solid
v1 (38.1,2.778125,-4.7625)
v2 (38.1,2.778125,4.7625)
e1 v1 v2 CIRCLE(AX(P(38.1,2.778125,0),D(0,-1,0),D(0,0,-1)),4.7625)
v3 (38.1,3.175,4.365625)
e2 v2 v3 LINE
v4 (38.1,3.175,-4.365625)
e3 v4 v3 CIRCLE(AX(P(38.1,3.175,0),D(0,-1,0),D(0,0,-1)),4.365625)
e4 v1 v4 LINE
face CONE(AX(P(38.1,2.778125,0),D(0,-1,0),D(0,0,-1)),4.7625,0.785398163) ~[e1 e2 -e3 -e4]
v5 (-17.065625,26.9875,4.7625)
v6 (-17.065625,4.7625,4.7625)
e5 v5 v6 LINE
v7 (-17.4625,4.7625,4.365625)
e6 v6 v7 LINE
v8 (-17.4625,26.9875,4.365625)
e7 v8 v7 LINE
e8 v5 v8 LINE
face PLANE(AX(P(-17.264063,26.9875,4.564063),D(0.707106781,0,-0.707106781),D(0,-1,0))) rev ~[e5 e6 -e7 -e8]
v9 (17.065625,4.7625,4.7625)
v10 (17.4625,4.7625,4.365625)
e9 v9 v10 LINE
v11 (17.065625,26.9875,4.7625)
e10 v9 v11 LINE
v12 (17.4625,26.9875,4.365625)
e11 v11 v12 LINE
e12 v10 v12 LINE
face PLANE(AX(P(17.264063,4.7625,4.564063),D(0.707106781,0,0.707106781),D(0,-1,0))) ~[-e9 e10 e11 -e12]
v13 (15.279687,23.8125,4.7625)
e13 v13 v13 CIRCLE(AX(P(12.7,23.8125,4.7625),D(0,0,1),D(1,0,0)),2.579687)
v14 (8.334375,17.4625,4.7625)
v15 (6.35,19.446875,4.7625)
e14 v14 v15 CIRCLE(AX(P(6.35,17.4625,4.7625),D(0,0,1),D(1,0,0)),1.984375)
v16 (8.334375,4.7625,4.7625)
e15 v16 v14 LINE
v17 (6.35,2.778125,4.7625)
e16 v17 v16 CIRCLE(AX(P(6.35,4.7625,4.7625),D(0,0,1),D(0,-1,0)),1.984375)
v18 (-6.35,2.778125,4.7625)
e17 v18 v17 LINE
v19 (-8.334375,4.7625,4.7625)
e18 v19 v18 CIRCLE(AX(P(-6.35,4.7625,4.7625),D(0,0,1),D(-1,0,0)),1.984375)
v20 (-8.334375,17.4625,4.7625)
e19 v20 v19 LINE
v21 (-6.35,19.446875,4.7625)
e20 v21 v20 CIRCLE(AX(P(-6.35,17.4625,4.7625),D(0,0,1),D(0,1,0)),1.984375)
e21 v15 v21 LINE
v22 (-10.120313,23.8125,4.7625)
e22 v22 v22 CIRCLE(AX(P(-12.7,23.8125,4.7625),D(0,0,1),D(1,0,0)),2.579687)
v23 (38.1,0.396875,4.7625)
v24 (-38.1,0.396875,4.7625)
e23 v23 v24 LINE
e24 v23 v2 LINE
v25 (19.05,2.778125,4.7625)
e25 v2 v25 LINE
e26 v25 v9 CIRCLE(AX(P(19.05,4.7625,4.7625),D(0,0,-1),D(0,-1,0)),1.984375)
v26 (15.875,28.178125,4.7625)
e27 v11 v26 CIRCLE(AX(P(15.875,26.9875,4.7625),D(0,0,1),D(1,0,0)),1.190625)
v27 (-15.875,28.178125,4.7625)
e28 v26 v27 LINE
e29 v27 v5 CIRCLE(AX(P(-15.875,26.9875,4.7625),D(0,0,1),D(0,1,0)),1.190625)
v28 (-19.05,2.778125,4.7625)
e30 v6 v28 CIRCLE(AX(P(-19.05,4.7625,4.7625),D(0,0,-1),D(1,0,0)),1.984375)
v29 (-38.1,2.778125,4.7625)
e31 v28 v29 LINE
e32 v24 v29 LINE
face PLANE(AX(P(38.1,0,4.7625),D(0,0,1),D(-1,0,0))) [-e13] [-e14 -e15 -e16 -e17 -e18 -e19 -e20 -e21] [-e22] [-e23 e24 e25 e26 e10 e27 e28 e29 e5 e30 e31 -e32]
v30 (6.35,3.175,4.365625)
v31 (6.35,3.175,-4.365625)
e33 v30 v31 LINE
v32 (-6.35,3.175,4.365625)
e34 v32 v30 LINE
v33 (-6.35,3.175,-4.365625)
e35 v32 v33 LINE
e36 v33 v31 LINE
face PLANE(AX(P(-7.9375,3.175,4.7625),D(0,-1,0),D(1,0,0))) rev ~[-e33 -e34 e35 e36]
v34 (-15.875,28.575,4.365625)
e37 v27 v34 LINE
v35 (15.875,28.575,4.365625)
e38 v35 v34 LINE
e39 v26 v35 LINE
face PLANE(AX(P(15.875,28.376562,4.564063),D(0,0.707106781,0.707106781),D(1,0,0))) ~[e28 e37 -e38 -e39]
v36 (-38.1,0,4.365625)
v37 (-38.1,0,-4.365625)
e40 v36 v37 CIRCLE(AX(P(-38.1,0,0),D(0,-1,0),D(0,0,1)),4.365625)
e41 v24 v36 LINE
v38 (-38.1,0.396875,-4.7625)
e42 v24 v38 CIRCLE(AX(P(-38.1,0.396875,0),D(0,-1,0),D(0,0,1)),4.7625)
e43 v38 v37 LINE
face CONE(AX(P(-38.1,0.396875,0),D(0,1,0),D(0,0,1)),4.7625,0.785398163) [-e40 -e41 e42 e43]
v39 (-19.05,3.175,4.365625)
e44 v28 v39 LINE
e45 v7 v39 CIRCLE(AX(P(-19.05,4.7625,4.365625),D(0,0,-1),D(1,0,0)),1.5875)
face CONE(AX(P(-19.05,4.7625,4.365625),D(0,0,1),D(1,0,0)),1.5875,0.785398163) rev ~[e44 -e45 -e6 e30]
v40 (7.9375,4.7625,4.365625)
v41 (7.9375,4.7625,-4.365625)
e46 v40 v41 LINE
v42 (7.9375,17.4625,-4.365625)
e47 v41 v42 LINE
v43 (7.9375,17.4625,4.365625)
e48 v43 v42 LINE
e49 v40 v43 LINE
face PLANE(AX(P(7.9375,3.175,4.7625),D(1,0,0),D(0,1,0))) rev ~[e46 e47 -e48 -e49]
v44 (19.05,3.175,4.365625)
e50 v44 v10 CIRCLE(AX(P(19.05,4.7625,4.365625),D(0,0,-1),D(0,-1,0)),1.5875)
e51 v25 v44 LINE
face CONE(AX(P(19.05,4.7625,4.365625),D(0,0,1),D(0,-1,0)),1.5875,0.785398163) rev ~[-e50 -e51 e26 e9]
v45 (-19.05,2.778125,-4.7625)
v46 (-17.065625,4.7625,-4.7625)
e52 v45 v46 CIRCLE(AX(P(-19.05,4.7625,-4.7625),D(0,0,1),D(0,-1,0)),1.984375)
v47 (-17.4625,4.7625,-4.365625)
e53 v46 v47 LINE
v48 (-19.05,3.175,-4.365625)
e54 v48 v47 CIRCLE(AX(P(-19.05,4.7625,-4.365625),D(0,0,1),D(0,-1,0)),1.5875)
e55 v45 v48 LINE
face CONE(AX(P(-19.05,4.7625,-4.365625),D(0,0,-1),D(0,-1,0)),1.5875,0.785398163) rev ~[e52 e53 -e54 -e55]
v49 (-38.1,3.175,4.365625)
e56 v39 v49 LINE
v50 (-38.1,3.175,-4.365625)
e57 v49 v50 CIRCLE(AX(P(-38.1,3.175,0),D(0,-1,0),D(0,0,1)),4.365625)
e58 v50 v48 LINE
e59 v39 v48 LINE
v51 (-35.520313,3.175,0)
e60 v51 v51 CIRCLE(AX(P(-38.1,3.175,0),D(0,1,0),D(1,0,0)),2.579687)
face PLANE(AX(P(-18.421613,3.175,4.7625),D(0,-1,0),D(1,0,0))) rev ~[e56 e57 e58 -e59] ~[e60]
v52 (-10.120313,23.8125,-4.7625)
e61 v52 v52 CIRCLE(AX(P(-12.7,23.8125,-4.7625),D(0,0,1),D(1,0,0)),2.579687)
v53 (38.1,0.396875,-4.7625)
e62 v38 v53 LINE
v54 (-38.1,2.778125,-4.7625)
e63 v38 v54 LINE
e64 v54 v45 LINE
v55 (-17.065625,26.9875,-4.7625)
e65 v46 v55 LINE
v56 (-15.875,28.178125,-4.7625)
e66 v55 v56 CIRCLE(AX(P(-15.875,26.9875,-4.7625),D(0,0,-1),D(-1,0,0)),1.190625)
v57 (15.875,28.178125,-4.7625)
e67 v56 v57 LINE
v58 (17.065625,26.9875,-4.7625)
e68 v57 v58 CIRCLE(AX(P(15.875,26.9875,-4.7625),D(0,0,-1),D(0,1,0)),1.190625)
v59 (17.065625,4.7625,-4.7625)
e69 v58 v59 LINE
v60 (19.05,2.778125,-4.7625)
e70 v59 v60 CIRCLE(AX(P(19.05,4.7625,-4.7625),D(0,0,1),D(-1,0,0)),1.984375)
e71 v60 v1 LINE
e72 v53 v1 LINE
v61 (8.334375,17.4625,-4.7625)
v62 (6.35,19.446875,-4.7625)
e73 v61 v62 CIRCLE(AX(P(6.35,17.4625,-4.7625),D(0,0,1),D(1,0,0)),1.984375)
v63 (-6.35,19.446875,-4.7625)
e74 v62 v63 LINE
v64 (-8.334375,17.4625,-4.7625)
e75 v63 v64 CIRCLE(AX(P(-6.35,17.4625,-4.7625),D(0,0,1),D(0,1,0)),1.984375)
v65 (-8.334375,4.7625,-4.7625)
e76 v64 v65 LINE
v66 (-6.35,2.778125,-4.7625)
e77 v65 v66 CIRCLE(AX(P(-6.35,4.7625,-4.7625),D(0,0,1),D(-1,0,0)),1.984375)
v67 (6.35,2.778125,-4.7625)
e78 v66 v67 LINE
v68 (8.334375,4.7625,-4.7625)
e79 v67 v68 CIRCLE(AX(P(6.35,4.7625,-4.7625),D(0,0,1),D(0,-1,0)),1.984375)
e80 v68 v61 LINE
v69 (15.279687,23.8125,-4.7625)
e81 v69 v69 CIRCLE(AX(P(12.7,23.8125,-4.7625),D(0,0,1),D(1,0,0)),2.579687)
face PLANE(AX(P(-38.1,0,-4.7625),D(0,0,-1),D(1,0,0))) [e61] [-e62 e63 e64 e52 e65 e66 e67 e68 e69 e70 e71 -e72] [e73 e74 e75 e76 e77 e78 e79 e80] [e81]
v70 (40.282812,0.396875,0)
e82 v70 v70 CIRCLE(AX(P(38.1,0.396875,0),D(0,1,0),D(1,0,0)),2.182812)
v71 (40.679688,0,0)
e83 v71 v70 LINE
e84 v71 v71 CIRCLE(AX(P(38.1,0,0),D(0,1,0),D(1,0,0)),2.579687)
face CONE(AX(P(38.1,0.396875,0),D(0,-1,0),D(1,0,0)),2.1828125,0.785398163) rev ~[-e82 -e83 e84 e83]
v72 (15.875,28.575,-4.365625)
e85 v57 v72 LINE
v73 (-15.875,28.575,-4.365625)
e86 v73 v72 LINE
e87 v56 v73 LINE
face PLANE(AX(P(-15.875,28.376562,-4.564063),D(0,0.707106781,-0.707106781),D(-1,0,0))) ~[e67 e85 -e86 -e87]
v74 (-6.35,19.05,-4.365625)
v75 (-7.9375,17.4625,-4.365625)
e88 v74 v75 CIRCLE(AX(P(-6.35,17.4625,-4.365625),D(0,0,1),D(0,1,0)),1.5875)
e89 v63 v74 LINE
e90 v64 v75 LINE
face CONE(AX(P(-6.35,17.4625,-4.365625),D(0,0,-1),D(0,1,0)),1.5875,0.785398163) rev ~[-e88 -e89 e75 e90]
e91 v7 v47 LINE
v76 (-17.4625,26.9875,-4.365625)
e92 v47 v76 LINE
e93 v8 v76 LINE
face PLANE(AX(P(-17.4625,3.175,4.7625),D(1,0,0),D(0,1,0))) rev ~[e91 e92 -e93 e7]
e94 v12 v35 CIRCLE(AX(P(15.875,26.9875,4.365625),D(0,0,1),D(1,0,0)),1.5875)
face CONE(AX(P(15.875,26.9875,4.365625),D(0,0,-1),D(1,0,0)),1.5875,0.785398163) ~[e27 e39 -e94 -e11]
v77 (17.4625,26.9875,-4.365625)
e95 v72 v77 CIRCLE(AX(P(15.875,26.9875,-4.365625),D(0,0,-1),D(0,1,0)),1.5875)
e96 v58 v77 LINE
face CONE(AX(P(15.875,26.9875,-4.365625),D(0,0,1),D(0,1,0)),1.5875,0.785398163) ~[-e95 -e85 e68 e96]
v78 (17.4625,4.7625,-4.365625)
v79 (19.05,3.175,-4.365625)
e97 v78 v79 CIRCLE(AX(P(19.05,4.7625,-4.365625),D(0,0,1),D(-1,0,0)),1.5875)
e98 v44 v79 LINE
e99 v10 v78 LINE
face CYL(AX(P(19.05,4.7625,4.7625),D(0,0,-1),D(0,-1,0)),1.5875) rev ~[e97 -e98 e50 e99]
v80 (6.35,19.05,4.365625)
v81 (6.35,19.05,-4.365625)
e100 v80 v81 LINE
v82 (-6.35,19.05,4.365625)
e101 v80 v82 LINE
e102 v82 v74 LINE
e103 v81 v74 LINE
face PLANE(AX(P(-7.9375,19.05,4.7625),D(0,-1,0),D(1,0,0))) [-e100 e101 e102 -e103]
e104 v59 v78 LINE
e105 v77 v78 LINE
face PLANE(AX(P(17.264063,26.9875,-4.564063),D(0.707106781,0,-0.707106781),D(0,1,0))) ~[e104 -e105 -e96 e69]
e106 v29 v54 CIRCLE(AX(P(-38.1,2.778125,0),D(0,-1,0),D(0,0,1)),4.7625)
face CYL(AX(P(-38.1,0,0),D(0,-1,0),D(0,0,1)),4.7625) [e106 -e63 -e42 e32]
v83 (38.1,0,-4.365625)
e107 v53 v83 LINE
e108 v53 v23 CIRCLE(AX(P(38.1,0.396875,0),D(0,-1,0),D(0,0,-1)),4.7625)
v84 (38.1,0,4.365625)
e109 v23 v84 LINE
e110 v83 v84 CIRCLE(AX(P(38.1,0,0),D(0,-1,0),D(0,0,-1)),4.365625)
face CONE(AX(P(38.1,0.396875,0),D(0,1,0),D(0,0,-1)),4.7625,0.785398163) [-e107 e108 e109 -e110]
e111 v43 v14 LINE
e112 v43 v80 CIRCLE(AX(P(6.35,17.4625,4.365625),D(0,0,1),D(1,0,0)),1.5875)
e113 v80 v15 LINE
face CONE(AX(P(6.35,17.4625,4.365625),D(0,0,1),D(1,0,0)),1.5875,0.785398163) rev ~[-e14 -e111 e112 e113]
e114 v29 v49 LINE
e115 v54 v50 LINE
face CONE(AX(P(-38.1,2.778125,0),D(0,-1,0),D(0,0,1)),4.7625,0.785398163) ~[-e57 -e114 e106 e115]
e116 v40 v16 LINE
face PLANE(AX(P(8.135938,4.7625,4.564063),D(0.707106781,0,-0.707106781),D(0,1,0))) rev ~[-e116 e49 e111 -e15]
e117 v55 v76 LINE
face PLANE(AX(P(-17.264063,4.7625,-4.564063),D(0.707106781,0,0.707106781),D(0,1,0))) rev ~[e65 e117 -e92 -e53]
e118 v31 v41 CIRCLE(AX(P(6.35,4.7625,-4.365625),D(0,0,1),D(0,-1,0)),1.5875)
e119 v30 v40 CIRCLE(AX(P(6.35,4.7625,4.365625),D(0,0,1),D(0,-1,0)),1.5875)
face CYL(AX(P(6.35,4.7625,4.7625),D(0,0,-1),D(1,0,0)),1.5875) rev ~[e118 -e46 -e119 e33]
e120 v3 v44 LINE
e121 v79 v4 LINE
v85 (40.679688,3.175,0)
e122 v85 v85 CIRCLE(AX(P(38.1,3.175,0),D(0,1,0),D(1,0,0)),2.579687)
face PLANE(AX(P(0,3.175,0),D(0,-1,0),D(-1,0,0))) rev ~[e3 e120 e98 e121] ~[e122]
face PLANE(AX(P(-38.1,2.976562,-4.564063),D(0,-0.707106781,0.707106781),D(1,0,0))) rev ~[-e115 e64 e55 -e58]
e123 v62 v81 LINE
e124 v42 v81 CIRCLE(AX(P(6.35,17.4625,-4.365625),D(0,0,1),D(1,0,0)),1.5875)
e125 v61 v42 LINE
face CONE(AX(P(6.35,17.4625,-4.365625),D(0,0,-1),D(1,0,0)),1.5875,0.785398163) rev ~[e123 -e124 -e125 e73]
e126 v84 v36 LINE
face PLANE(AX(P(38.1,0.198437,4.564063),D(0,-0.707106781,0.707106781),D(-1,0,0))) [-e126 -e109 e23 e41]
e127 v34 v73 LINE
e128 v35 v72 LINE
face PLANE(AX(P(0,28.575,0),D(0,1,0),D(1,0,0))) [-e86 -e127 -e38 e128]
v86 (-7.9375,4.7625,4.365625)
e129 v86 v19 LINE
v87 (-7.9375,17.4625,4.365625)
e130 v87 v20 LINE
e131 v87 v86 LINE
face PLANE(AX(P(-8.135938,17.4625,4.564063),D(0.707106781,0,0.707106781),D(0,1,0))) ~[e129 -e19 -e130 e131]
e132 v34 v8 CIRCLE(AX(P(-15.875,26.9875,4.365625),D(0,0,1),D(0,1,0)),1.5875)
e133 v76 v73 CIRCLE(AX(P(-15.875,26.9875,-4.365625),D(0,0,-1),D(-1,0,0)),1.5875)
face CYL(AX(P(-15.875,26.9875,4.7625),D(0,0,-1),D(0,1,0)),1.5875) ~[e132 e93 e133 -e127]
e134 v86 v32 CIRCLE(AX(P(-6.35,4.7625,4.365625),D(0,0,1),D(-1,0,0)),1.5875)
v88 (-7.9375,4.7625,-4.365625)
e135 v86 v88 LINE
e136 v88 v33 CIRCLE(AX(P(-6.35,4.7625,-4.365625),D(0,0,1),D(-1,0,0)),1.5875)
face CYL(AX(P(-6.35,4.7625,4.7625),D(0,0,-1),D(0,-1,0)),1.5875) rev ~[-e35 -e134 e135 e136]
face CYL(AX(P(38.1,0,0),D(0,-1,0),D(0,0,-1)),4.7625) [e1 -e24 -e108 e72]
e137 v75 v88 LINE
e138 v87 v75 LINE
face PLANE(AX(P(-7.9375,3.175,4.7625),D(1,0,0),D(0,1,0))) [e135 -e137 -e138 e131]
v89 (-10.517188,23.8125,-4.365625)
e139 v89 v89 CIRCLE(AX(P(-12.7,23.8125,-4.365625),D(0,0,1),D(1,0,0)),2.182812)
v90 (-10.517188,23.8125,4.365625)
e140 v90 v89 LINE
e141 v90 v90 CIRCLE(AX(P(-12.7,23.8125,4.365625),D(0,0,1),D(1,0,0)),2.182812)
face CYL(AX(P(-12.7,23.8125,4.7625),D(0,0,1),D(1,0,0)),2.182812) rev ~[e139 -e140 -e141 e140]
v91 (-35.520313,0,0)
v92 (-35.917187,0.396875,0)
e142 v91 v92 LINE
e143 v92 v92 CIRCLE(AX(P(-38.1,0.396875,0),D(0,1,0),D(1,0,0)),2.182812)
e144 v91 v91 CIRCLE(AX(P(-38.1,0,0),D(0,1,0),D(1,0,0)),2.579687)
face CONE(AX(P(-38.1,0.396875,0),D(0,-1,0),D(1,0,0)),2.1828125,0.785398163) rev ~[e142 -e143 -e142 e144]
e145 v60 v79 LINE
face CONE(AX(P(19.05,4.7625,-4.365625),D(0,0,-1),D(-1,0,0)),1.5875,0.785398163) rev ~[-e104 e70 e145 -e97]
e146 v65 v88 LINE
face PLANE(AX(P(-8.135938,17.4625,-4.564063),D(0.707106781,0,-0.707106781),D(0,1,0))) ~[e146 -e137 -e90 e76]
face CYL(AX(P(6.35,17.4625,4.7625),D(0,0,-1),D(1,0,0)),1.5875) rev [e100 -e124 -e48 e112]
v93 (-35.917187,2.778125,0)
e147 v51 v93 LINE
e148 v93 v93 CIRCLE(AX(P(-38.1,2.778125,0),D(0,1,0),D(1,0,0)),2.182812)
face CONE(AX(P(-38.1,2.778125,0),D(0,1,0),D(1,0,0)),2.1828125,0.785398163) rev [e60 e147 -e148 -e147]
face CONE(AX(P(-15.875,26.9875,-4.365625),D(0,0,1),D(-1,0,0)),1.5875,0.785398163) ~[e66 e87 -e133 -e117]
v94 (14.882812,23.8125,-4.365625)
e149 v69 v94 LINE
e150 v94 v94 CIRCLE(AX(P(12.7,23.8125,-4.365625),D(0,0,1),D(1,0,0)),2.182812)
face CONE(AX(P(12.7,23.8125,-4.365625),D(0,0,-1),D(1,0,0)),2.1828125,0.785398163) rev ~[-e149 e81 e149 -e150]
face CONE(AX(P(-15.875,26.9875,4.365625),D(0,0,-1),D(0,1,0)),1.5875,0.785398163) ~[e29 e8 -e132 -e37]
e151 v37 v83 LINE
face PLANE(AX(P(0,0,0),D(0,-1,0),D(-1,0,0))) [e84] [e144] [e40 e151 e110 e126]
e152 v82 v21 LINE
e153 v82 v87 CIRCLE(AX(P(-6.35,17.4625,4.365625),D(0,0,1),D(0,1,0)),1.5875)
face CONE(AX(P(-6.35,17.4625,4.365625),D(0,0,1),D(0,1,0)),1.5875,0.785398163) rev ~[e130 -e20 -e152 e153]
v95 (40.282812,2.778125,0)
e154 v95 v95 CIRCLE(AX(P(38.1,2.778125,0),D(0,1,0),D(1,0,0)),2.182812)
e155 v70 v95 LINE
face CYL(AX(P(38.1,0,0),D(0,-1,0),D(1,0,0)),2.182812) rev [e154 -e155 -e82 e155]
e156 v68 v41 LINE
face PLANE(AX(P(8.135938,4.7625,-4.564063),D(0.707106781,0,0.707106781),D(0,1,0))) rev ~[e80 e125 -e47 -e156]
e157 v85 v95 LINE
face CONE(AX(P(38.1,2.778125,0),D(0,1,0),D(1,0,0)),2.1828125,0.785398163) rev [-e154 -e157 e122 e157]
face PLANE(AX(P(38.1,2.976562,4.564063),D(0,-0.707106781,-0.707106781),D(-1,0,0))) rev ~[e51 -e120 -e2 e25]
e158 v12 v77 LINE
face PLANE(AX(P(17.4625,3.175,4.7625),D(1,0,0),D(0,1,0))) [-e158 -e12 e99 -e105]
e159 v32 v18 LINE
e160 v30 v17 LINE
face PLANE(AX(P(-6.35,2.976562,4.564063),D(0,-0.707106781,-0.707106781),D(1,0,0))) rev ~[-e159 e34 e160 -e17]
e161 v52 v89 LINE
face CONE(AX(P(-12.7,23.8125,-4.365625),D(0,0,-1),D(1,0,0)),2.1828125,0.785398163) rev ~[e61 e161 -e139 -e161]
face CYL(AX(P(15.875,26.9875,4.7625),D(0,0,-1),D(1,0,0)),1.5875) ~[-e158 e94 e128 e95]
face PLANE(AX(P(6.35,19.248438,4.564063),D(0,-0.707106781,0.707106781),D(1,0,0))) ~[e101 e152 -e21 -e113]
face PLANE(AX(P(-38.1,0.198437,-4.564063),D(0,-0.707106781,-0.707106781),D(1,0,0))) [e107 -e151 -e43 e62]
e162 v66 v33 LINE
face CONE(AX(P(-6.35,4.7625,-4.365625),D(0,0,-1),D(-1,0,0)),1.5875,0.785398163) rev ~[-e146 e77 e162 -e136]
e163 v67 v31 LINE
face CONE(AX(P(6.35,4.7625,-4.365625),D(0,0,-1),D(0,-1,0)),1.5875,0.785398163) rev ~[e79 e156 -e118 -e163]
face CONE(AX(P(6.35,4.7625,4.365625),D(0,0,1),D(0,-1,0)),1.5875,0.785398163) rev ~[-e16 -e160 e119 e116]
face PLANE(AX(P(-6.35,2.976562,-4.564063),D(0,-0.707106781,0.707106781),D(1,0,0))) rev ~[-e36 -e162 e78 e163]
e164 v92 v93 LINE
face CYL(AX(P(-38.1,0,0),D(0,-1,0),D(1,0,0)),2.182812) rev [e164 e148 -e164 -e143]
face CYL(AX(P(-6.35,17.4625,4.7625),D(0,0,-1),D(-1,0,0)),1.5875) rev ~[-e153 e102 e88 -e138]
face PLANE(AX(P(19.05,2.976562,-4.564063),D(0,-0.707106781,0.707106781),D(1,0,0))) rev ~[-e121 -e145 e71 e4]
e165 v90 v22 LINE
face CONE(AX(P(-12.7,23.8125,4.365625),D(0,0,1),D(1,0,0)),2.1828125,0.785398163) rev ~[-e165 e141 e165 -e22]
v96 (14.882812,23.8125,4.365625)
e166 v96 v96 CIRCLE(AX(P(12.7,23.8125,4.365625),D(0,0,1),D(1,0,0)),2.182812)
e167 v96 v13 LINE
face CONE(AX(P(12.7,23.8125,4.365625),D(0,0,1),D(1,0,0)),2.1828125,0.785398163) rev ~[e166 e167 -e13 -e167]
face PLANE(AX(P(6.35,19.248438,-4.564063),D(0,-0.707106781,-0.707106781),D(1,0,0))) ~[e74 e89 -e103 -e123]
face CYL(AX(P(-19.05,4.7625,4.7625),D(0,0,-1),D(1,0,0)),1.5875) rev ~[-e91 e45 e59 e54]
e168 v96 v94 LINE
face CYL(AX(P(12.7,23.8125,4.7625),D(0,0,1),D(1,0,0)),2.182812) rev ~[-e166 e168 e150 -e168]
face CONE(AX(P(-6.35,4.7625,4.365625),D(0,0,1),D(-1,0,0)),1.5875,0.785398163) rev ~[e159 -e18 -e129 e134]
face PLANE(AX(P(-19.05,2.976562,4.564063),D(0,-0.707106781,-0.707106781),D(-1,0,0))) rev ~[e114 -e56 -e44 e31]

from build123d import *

# Parameters (mm, degrees)
SKETCH2_R               = 2.1828125
BOSS_EXTRUDE1_DEPTH     = 3.175
SKETCH3_W               = 36.843225838
SKETCH3_H               = 9.525
BOSS_EXTRUDE2_DEPTH     = 25.4
SKETCH4_R               = 2.1828125
SKETCH4_W               = 0.959112919
SKETCH4_H               = 25.4
SKETCH4_W_2             = 15.875
SKETCH4_H_2             = 15.875
CUT_EXTRUDE1_DEPTH      = 1
CUT_EXTRUDE1_DEPTH_BACK = 10.525
FILLET1_R               = 1.5875
CHAMFER1_SIZE           = 0.396875


with BuildPart() as part:
    # Sketch2 → Boss-Extrude1 (new body)
    with BuildSketch(Plane(origin=(0, 0, 0), x_dir=(1, 0, 0), z_dir=(0, 1, 0))):
        with BuildLine():
            Line((-38.1, 4.7625), (38.1, 4.7625))
            ThreePointArc((38.1, 4.7625), (42.8625, 0), (38.1, -4.7625))
            Line((38.1, -4.7625), (-38.1, -4.7625))
            ThreePointArc((-38.1, -4.7625), (-42.8625, 0), (-38.1, 4.7625))
        make_face()
        with Locations((-38.1, 0)):
            Circle(SKETCH2_R, mode=Mode.SUBTRACT)
        with Locations((38.1, 0)):
            Circle(SKETCH2_R, mode=Mode.SUBTRACT)
    extrude(amount=BOSS_EXTRUDE1_DEPTH)

    # Sketch3 → Boss-Extrude2 (add)
    with BuildSketch(Plane(origin=(0, 3.175, 0), x_dir=(1, 0, 0), z_dir=(0, 1, 0))):
        Rectangle(SKETCH3_W, SKETCH3_H)
    extrude(amount=BOSS_EXTRUDE2_DEPTH)

    # Sketch4 → Cut-Extrude1 (cut, two sides)
    with BuildSketch(Plane.XY.offset(4.7625)) as cut_extrude1_sk:
        with Locations((-12.7, 23.8125)):
            Circle(SKETCH4_R)
        with Locations((12.7, 23.8125)):
            Circle(SKETCH4_R)
        with Locations((-17.94205646, 15.875)):
            Rectangle(SKETCH4_W, SKETCH4_H)
        with Locations((17.94205646, 15.875)):
            Rectangle(SKETCH4_W, SKETCH4_H)
        with Locations((0, 11.1125)):
            Rectangle(SKETCH4_W_2, SKETCH4_H_2)
    extrude(amount=CUT_EXTRUDE1_DEPTH, mode=Mode.SUBTRACT)
    extrude(cut_extrude1_sk.sketch, amount=-CUT_EXTRUDE1_DEPTH_BACK, mode=Mode.SUBTRACT)

    # Fillet1
    fillet1_edges = [part.edges().sort_by_distance(p)[0] for p in [
        (-17.4625, 3.175, 0),
        (-17.4625, 28.575, 0),
        (17.4625, 28.575, 0),
        (17.4625, 3.175, 0),
        (-7.9375, 3.175, 0),
        (-7.9375, 19.05, 0),
        (7.9375, 19.05, 0),
        (7.9375, 3.175, 0),
    ]]
    fillet(fillet1_edges, radius=FILLET1_R)

    # Chamfer1
    chamfer1_edges = [part.edges().sort_by_distance(p)[0] for p in [
        (0, 28.575, -4.7625),
        (0, 28.575, 4.7625),
        (0, 3.175, 4.7625),
        (-7.9375, 11.1125, 4.7625),
        (0, 19.05, 4.7625),
        (7.9375, 11.1125, 4.7625),
        (-17.4625, 15.875, 4.7625),
        (28.575, 3.175, 4.7625),
        (17.4625, 15.875, 4.7625),
        (16.997532015, 28.110032015, 4.7625),
        (-16.997532015, 28.110032015, 4.7625),
        (-17.4625, 15.875, -4.7625),
        (0, 19.05, -4.7625),
        (-7.9375, 11.1125, -4.7625),
        (0, 3.175, -4.7625),
        (7.9375, 11.1125, -4.7625),
        (-28.575, 3.175, -4.7625),
        (17.4625, 15.875, -4.7625),
        (16.997532015, 28.110032015, -4.7625),
        (-16.997532015, 28.110032015, -4.7625),
        (-40.2828125, 0, 0),
        (-17.927467985, 3.639967985, 4.7625),
        (-40.2828125, 3.175, 0),
        (-17.927467985, 3.639967985, -4.7625),
        (17.927467985, 3.639967985, 4.7625),
        (17.927467985, 3.639967985, -4.7625),
        (-7.472532015, 18.585032015, 4.7625),
        (42.8625, 3.175, 0),
        (-7.472532015, 18.585032015, -4.7625),
        (7.472532015, 18.585032015, 4.7625),
        (7.472532015, 18.585032015, -4.7625),
        (7.472532015, 3.639967985, 4.7625),
        (7.472532015, 3.639967985, -4.7625),
        (-7.472532015, 3.639967985, 4.7625),
        (-7.472532015, 3.639967985, -4.7625),
        (35.9171875, 0, 0),
        (35.9171875, 3.175, 0),
        (28.575, 3.175, -4.7625),
        (10.5171875, 23.8125, -4.7625),
        (10.5171875, 23.8125, 4.7625),
        (-42.8625, 3.175, 0),
        (0, 0, -4.7625),
        (42.8625, 0, 0),
        (0, 0, 4.7625),
        (-42.8625, 0, 0),
        (-14.8828125, 23.8125, -4.7625),
        (-14.8828125, 23.8125, 4.7625),
        (-28.575, 3.175, 4.7625),
    ]]
    chamfer(chamfer1_edges, length=CHAMFER1_SIZE)


solid = part.part
